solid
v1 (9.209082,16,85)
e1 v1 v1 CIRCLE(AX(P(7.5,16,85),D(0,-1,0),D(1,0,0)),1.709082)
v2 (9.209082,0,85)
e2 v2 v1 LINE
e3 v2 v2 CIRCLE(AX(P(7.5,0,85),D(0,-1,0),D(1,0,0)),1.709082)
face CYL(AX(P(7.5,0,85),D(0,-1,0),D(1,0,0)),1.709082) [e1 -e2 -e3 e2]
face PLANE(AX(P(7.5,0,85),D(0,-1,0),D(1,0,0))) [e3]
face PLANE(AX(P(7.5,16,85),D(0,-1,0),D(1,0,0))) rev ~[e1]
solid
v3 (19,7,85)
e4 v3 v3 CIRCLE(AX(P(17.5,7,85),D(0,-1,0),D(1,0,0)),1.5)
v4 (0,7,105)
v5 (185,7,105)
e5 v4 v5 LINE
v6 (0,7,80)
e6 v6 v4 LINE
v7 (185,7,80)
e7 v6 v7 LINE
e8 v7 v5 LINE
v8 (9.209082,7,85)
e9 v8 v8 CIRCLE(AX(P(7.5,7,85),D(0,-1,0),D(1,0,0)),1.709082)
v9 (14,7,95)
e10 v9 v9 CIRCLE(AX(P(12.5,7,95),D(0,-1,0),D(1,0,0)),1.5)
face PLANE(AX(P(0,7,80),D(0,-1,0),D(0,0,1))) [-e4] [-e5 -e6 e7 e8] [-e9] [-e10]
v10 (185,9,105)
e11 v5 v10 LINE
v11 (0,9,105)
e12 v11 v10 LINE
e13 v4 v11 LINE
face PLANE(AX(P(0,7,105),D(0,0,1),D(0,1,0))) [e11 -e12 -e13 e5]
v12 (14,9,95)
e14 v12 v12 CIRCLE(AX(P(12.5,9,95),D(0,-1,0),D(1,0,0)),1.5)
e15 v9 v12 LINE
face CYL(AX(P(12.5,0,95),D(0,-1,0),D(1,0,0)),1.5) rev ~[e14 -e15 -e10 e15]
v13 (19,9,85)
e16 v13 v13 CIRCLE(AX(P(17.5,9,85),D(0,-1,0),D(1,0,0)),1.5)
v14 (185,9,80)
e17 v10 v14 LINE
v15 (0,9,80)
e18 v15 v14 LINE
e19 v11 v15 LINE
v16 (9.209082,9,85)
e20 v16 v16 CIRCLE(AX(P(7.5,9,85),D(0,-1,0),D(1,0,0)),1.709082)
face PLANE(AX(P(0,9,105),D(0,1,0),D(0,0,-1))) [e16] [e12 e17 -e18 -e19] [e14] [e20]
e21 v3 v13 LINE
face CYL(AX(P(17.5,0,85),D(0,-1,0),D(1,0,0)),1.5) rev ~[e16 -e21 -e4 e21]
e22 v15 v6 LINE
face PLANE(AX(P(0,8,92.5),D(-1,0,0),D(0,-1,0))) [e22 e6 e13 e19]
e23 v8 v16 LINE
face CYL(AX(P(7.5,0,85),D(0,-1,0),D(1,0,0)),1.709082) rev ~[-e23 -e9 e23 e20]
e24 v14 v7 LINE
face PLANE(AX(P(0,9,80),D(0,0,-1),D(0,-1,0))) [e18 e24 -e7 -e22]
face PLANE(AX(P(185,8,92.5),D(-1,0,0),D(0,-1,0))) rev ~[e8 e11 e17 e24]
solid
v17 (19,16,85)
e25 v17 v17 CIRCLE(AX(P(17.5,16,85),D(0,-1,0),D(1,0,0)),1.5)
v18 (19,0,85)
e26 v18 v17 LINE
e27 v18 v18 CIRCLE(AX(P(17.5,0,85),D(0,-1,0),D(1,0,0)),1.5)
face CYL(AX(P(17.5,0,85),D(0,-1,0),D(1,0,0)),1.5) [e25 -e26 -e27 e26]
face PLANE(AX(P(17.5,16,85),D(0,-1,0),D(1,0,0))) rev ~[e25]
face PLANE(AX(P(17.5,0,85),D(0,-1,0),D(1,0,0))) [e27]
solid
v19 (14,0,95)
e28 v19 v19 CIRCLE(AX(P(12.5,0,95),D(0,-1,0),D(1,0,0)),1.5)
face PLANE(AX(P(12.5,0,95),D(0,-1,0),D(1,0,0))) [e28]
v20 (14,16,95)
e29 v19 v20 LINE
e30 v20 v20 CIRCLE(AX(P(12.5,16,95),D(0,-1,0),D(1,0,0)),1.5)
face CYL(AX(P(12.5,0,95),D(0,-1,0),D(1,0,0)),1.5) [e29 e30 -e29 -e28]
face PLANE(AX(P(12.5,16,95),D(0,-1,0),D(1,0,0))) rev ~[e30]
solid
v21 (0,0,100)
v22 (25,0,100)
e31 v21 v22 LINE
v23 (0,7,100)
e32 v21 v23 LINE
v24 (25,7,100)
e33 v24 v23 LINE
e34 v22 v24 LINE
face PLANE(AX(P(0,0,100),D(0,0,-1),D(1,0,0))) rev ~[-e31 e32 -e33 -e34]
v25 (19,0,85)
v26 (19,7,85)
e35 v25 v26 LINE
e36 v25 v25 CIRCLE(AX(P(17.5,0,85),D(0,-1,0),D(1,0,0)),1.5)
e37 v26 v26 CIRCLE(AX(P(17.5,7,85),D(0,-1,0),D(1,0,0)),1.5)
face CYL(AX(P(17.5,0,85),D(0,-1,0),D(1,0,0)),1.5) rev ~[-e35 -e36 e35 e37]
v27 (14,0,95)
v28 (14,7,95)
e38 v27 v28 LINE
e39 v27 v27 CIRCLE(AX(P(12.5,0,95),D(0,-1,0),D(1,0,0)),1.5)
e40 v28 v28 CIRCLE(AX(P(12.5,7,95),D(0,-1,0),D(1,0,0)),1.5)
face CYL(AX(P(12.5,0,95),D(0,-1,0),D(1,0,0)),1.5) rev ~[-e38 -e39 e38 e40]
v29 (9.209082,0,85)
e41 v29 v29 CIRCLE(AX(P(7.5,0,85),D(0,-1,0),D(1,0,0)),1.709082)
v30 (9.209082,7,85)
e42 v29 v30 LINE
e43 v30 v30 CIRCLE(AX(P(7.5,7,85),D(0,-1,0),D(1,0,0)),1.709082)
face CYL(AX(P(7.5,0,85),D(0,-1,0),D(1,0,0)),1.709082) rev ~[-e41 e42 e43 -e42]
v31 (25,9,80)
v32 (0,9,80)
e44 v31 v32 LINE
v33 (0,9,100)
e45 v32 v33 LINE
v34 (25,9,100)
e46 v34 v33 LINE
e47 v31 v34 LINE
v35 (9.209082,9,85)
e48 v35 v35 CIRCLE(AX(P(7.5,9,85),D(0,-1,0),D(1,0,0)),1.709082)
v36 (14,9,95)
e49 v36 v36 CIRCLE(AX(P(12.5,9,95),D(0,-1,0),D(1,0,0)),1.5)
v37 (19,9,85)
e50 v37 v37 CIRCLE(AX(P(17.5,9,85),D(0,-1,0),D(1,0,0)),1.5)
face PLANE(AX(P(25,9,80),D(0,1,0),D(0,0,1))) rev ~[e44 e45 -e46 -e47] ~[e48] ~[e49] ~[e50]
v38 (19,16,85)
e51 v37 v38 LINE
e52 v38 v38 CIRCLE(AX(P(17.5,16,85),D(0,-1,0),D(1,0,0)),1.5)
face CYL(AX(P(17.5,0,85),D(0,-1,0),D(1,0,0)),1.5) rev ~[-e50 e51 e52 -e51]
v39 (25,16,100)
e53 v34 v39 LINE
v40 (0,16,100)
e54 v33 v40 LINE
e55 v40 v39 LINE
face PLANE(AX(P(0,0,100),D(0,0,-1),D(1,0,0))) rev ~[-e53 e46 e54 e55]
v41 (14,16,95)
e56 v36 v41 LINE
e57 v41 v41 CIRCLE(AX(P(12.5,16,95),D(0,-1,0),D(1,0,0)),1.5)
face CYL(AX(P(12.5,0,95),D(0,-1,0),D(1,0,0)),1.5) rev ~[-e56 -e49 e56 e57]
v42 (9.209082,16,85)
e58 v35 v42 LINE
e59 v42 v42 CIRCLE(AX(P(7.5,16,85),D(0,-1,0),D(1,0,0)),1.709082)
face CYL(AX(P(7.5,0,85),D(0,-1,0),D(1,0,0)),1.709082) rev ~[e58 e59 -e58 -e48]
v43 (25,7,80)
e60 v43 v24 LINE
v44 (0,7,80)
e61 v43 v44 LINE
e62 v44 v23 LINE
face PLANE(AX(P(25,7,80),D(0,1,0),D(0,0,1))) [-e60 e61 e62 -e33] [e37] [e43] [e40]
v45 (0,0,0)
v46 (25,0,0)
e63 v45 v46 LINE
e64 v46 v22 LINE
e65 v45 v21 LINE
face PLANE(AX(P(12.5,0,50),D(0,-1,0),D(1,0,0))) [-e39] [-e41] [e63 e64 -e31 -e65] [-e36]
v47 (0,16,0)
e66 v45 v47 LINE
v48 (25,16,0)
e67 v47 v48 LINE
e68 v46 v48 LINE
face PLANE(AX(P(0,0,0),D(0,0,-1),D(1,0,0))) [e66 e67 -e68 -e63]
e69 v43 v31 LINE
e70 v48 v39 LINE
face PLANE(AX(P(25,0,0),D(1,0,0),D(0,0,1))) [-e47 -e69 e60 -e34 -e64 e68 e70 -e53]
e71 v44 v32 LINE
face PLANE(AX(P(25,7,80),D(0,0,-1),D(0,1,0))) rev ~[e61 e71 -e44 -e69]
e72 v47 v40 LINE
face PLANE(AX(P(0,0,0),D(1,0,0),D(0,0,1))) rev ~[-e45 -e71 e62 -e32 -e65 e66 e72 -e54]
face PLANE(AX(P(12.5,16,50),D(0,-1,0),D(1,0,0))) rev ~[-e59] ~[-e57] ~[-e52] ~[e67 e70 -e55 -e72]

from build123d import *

# Parameters (mm, degrees)
F0_W     = 25
F0_H     = 100
F1_DEPTH = 16
F2_W     = 2
F2_H     = 20
F3_DEPTH = 25
F5_DEPTH = 185
F6_R     = 1.5
F6_R_2   = 1.709082
F7_DEPTH = 16
F8_R     = 1.5
F8_R_2   = 1.709082
F9_DEPTH = 16


with BuildPart() as f1:
    # F0 (on Front) → F1 (new body)
    with BuildSketch(Plane.XZ):
        with Locations((12.5, 50)):
            Rectangle(F0_W, F0_H)
    extrude(amount=-F1_DEPTH)

    # F2 (on face) → F3 (cut, through all)
    with BuildSketch(Plane.YZ.offset(25)):
        with Locations((8, 90)):
            Rectangle(F2_W, F2_H)
    extrude(amount=-F3_DEPTH, mode=Mode.SUBTRACT)


with BuildPart() as f5:
    # F4 (on face) → F5 (new body)
    with BuildSketch(Plane(origin=(0, 0, 0), x_dir=(0, -1, 0), z_dir=(-1, 0, 0))):
        Polygon((-9, 100), (-9, 80), (-7, 80), (-7, 100), (-7, 105), (-9, 105), align=None)
    extrude(amount=-F5_DEPTH)


with BuildPart() as f7_tool:
    # F6 (on face) → F7 (new body, through all)
    with BuildSketch(Plane.XZ):
        with Locations((12.5, 95)):
            Circle(F6_R)
        with Locations((17.5, 85)):
            Circle(F6_R)
        with Locations((7.5, 85)):
            Circle(F6_R_2)
    extrude(amount=-F7_DEPTH)


with BuildPart() as f1_1:
    add(f1.part)

    # F7: cut by f7_tool
    add(f7_tool.part, mode=Mode.SUBTRACT)


with BuildPart() as f5_1:
    add(f5.part)

    # F7: cut by f7_tool
    add(f7_tool.part, mode=Mode.SUBTRACT)


with BuildPart() as f9:
    # F8 (on face) → F9 (new body, through all)
    with BuildSketch(Plane.XZ):
        with Locations((12.5, 95)):
            Circle(F8_R)
        with Locations((7.5, 85)):
            Circle(F8_R_2)
        with Locations((17.5, 85)):
            Circle(F8_R)
    extrude(amount=-F9_DEPTH)


solid = Compound([f1_1.part, f5_1.part, f9.part])
